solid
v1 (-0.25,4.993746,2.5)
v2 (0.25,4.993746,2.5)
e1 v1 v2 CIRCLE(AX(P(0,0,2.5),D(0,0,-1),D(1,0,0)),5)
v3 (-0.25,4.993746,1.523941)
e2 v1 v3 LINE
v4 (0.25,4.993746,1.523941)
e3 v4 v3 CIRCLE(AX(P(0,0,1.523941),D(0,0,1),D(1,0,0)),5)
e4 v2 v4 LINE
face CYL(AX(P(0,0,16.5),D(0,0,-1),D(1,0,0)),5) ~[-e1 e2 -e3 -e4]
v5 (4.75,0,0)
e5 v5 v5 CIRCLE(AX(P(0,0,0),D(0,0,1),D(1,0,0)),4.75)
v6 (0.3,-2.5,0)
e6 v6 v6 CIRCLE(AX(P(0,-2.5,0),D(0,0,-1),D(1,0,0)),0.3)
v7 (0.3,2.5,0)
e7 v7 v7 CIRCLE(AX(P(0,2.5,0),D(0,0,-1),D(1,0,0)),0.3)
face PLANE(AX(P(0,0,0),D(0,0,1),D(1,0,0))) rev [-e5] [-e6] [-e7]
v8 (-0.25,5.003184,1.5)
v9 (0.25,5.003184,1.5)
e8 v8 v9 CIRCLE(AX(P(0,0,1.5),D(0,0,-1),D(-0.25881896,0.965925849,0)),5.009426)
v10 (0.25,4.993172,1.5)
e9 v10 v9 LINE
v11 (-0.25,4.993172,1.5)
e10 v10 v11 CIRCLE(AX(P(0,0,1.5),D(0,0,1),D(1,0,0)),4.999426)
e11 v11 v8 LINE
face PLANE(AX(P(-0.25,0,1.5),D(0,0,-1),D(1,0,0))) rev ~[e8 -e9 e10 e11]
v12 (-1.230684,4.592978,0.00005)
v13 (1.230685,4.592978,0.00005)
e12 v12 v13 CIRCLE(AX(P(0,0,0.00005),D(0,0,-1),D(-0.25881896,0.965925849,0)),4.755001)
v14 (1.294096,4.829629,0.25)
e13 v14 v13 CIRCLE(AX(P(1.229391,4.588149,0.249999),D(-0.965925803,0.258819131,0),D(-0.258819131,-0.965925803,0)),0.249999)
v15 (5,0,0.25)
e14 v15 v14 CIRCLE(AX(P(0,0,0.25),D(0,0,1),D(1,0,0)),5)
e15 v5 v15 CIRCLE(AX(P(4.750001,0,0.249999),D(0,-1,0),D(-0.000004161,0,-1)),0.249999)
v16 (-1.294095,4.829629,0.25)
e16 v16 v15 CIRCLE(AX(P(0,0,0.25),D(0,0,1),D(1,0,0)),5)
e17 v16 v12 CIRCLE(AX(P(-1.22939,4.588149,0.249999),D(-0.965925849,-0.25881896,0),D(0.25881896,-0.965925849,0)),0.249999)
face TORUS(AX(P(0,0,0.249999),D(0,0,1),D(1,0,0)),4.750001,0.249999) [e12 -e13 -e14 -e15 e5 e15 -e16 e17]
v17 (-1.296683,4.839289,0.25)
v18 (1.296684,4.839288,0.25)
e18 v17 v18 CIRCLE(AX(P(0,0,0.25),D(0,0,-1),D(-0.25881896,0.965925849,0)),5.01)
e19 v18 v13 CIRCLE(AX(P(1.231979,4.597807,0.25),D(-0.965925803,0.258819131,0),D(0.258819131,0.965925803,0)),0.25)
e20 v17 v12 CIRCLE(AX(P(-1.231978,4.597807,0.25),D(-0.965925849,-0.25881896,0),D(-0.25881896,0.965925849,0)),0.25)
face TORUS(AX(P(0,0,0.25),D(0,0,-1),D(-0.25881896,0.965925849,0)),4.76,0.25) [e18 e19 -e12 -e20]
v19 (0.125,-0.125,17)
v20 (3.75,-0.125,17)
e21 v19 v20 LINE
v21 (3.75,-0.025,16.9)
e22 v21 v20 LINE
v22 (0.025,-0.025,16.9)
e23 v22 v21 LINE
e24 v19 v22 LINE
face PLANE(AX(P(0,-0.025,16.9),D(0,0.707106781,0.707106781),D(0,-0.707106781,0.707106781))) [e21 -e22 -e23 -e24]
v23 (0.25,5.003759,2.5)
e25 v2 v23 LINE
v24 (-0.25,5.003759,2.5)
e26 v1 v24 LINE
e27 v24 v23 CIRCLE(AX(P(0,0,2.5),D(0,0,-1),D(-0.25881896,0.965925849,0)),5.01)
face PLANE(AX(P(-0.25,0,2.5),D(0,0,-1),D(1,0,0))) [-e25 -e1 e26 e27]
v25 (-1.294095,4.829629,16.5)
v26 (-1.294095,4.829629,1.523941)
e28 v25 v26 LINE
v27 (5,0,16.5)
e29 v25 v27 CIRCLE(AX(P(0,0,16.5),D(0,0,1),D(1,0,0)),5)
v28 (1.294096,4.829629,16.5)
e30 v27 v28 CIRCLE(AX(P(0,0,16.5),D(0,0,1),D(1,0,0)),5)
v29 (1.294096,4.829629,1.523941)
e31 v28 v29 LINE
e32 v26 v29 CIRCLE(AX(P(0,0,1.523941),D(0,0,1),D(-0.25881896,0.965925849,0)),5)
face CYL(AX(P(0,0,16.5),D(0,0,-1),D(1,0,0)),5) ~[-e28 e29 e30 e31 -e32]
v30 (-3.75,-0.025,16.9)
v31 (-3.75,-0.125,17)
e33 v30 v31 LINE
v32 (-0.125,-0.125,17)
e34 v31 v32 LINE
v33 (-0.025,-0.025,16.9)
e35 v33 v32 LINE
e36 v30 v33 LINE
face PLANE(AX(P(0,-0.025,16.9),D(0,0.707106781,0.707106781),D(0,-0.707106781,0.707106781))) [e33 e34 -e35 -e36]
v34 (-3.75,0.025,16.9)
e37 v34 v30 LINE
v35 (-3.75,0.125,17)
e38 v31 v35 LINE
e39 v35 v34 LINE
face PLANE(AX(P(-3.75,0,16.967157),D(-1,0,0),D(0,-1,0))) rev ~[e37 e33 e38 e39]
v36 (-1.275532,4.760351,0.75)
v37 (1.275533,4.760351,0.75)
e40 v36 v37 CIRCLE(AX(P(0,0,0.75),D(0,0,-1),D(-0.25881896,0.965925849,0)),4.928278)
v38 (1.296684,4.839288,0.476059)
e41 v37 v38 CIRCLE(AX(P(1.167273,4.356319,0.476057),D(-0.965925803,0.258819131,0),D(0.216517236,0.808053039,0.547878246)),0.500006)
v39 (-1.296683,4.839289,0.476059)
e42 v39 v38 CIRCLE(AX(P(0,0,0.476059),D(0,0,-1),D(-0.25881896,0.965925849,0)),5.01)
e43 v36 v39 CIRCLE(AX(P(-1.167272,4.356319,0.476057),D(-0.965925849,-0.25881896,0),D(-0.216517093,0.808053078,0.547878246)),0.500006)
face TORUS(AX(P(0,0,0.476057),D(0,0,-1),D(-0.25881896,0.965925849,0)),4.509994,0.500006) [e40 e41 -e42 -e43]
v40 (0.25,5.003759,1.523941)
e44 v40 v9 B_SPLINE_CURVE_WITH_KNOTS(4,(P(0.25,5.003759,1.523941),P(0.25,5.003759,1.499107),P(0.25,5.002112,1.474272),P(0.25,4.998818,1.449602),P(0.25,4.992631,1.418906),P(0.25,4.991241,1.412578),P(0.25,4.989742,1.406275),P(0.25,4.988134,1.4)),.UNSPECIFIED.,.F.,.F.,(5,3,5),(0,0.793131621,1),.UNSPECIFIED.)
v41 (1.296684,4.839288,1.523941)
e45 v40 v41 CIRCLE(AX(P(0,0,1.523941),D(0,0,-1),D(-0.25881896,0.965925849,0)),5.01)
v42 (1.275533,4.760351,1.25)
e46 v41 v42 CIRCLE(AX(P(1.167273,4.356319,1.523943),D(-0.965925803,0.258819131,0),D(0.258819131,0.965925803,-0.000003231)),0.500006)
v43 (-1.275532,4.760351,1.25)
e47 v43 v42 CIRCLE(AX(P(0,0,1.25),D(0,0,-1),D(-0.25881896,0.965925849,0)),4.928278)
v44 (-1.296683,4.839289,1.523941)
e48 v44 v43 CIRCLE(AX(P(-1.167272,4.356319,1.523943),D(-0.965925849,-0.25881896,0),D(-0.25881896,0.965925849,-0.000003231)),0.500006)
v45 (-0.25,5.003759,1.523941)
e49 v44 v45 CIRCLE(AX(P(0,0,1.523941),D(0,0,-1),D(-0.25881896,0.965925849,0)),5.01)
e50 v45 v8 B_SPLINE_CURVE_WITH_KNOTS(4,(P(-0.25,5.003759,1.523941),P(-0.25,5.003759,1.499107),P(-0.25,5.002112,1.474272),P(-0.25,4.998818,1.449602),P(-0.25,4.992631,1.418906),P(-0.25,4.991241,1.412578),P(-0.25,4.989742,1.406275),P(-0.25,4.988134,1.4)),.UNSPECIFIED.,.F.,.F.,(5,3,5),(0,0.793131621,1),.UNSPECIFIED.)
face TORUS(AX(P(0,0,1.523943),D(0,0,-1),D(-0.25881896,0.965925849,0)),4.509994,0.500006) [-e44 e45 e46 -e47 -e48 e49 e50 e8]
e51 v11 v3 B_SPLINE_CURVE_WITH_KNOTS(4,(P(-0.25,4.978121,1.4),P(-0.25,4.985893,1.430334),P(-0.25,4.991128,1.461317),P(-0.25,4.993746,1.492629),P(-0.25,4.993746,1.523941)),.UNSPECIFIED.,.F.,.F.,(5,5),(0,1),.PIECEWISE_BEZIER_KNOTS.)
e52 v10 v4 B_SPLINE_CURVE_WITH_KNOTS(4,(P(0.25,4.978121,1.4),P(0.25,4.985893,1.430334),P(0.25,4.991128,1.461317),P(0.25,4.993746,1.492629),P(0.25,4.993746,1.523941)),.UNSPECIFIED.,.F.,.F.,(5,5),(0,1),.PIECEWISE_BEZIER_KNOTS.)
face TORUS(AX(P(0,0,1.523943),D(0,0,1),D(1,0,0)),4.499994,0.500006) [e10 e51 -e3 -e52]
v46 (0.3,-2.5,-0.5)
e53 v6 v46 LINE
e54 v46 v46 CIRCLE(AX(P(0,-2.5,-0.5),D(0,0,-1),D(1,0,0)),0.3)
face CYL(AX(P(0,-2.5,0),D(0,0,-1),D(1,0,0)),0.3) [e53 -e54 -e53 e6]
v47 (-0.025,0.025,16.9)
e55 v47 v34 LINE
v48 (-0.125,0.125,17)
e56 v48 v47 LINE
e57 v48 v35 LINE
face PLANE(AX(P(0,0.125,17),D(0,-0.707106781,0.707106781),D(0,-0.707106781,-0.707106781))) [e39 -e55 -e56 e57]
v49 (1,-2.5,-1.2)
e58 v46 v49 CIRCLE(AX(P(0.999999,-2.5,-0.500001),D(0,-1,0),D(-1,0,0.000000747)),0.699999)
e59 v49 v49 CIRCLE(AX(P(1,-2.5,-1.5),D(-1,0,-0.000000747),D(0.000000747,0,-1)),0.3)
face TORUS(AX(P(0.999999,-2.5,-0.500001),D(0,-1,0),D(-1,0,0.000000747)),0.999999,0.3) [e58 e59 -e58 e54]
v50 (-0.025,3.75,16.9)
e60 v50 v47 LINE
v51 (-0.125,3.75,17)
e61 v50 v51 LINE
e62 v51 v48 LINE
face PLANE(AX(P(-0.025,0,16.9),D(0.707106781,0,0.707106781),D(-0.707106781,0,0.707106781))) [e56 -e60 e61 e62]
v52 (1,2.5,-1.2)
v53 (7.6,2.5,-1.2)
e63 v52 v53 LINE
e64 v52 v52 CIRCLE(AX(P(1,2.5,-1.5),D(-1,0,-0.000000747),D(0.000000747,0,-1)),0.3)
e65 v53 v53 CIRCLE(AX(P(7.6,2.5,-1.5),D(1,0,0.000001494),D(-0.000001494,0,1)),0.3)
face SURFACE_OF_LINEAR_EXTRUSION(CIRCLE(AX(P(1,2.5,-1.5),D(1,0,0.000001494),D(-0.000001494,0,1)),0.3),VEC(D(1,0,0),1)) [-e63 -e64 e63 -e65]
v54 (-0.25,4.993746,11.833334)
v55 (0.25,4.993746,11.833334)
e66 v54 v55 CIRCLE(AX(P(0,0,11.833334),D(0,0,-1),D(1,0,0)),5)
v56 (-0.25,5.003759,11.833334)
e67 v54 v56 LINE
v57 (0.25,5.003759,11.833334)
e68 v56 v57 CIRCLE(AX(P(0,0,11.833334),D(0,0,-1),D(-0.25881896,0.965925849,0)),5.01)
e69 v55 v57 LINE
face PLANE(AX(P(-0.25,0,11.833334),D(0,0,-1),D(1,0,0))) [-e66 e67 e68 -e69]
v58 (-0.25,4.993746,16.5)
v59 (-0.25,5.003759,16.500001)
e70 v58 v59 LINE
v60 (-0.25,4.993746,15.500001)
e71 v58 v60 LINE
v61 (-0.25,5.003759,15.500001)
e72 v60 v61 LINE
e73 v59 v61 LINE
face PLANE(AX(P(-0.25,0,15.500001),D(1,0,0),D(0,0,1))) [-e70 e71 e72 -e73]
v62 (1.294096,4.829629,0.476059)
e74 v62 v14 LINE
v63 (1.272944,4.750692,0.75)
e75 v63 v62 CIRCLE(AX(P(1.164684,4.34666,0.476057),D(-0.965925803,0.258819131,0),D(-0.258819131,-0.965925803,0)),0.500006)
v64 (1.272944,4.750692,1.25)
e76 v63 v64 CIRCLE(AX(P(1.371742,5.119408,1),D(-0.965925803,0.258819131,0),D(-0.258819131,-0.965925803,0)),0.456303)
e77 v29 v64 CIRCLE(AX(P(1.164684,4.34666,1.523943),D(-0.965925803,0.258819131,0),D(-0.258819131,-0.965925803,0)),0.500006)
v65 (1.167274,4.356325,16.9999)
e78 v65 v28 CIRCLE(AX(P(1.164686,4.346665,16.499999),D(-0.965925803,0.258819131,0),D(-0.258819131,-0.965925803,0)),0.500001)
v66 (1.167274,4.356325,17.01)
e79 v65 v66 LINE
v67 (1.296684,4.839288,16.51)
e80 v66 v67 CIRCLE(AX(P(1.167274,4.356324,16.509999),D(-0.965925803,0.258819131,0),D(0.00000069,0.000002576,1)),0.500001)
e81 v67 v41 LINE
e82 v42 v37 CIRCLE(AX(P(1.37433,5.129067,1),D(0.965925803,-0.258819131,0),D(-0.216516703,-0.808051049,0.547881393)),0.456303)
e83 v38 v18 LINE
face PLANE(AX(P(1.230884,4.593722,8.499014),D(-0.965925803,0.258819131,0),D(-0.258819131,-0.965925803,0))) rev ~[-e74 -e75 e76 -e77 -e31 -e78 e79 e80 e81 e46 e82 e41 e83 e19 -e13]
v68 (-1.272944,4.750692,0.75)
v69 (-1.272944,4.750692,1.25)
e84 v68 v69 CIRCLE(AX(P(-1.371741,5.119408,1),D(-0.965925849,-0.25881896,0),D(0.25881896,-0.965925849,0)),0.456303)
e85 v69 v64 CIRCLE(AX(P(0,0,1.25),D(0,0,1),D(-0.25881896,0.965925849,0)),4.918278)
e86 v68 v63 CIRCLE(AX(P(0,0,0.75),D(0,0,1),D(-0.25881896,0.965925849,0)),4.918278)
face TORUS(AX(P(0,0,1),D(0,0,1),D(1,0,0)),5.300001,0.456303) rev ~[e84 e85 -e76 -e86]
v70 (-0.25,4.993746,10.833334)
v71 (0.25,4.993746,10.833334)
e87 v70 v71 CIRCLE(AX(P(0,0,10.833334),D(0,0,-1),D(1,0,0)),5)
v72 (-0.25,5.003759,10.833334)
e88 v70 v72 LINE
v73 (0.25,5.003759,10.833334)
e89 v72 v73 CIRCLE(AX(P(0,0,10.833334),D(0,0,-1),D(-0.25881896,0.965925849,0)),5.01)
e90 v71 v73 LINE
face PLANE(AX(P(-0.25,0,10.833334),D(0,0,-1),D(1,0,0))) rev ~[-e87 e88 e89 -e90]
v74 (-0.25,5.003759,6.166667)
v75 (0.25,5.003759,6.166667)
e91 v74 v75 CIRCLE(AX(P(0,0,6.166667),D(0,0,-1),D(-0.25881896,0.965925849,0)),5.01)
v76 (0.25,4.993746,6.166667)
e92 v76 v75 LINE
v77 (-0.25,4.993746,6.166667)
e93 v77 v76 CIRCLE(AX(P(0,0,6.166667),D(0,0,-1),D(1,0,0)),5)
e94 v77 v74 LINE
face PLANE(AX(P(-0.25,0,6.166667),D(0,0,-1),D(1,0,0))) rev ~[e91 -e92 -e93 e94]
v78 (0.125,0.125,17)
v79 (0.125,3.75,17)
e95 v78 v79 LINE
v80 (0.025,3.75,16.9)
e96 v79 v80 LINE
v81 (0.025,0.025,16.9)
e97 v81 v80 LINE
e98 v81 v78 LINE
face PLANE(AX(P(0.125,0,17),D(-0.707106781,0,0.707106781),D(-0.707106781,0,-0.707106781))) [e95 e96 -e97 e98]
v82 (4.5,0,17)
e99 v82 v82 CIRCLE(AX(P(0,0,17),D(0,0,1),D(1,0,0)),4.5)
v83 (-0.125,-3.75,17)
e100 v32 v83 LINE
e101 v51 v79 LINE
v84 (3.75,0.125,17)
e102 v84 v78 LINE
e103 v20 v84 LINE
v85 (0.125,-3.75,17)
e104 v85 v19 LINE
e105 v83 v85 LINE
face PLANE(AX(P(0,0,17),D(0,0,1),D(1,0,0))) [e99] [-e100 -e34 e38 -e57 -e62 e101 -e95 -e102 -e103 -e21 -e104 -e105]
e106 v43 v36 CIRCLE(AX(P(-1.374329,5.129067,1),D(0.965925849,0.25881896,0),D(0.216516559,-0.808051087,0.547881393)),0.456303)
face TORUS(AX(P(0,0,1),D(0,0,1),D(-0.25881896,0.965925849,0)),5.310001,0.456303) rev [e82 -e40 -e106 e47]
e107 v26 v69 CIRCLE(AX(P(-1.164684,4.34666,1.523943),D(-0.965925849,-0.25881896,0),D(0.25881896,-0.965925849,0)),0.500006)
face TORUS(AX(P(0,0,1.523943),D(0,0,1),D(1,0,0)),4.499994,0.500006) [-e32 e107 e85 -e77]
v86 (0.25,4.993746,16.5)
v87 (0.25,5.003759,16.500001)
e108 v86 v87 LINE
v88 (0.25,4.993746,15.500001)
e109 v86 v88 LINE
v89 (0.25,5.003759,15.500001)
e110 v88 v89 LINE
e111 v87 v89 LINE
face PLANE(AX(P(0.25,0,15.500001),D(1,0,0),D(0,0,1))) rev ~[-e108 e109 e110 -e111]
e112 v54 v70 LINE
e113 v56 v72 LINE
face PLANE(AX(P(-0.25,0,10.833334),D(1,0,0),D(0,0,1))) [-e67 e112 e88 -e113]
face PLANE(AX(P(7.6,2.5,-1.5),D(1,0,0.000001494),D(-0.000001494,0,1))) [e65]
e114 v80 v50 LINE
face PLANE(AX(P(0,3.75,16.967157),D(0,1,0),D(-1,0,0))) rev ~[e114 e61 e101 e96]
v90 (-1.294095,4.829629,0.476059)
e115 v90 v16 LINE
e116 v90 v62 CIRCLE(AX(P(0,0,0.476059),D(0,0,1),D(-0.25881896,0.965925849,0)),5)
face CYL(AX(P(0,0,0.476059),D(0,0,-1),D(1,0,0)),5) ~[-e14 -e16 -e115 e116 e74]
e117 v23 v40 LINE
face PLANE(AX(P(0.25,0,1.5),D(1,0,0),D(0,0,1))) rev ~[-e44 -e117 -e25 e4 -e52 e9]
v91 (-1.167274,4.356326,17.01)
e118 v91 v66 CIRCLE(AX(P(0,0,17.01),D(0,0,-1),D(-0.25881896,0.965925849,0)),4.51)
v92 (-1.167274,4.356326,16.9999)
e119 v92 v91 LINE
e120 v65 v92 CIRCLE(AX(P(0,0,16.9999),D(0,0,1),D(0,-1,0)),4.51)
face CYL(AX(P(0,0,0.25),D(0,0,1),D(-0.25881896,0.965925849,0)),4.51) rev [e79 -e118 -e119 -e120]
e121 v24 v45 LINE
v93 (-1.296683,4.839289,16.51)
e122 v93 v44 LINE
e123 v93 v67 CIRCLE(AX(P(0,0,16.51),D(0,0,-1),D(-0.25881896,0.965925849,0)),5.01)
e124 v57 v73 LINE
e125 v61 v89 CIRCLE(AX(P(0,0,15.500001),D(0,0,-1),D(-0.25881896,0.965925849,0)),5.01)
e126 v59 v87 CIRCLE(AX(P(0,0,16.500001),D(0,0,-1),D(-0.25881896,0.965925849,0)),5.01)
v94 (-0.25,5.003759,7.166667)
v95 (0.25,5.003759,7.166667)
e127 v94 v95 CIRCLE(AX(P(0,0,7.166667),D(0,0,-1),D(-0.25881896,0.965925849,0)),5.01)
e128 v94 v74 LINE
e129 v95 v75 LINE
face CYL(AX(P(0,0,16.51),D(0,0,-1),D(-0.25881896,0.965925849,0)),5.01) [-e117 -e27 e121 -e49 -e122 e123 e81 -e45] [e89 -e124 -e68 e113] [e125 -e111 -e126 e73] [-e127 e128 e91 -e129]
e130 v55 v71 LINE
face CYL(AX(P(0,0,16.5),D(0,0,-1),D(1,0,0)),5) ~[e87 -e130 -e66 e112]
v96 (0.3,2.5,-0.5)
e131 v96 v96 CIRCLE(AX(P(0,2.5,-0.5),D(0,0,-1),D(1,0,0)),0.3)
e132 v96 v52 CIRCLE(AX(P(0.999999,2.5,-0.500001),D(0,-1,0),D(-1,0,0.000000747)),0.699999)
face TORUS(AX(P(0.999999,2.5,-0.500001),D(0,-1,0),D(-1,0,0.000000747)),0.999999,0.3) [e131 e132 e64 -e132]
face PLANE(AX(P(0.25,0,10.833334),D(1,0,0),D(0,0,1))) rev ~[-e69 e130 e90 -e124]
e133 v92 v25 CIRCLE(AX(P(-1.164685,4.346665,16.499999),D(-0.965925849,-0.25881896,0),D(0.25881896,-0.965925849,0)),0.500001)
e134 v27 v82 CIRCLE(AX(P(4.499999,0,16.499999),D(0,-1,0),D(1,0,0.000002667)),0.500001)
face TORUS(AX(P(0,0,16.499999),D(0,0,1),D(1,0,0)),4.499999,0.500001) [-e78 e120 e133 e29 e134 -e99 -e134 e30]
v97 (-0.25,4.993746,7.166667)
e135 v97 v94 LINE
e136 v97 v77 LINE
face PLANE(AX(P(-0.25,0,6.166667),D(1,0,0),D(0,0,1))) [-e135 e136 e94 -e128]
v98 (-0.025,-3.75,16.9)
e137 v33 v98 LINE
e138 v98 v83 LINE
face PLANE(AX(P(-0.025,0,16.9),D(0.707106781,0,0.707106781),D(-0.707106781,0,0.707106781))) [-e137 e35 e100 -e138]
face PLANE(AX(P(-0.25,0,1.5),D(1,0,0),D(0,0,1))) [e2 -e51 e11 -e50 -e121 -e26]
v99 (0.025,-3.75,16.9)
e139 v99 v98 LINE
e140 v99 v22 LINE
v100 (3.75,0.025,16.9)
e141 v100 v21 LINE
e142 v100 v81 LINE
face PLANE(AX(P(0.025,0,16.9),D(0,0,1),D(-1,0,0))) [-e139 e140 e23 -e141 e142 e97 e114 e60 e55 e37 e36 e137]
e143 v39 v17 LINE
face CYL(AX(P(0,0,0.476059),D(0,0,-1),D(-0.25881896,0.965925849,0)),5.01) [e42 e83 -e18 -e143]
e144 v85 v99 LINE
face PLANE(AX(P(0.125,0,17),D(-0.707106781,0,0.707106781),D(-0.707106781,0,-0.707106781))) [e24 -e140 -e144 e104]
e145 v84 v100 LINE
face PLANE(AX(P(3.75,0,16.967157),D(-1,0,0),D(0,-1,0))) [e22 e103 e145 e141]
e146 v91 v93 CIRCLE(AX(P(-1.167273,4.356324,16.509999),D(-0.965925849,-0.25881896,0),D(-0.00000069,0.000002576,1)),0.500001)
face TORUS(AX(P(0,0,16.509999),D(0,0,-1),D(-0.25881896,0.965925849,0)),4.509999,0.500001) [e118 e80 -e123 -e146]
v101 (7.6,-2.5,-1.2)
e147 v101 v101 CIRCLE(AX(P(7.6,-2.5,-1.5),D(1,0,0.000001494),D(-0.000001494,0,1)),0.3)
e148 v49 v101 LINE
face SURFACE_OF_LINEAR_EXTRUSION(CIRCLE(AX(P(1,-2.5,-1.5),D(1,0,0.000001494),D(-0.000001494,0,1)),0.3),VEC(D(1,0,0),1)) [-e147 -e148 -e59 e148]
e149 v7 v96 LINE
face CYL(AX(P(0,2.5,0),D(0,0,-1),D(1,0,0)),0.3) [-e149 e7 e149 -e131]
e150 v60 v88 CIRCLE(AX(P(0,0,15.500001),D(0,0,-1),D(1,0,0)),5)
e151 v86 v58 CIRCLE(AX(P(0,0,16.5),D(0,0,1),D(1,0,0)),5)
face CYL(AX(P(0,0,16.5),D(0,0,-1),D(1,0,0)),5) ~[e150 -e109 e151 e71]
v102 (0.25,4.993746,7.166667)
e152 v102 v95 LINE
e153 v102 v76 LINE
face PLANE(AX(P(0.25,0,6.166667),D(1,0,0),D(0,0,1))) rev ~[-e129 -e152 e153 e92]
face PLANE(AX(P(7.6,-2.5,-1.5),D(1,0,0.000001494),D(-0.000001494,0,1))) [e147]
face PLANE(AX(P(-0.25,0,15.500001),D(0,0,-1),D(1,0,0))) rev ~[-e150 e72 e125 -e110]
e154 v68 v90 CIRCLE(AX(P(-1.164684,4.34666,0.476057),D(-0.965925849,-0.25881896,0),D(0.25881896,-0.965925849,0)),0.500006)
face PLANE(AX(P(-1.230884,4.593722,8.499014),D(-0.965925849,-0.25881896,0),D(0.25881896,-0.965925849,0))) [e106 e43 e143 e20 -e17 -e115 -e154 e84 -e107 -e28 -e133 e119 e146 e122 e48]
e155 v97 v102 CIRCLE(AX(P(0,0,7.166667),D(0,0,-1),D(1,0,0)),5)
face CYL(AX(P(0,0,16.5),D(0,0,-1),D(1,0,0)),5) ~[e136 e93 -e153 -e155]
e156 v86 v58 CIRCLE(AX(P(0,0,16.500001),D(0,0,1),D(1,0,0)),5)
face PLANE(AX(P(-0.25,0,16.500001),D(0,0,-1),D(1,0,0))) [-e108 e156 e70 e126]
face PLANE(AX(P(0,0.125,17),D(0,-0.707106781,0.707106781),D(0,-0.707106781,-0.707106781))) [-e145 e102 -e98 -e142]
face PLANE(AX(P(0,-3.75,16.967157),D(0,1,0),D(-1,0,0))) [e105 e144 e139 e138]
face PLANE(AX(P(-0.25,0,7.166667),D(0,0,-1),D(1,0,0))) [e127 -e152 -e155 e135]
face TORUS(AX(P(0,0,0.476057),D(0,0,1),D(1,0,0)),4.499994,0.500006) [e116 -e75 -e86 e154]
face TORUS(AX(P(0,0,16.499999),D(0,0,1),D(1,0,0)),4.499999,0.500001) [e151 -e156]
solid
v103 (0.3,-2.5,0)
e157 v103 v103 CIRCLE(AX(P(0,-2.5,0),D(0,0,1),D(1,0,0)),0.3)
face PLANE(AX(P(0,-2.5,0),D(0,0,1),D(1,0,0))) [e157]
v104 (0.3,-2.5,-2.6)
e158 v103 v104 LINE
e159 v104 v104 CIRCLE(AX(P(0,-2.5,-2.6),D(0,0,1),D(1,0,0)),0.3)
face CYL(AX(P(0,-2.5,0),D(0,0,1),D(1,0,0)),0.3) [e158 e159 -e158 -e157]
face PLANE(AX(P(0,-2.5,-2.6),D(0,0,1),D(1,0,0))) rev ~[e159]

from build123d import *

# Parameters (mm, degrees)
SKETCH010_R         = 0.3
PAD002_DEPTH        = 2.6
REVOLUTION001_ANGLE = -30
SKETCH015_W         = 0.5
SKETCH015_H         = 1
POCKET002_DEPTH     = 5.011
LINEARPATTERN_COUNT = 4
LINEARPATTERN_PITCH = 4.666667
SKETCH012_R         = 4.5
POCKET_DEPTH        = 0.5
SKETCH003_R         = 0.3
SKETCH013_R         = 4.5
PAD_DEPTH           = 0.5
POCKET001_DEPTH     = 3.75
POLARPATTERN_COUNT  = 3
POLARPATTERN_ANGLE  = 180


with BuildPart() as leadstraightclone:
    # Sketch010 → Pad002 (new body)
    with BuildSketch(Plane(origin=(0, 2.5, 0), x_dir=(1, 0, 0), z_dir=(0, 0, 1))):
        Circle(SKETCH010_R)
    extrude(amount=-PAD002_DEPTH)


with BuildPart() as leadstraightclone_1:
    # Body007 placement: moved
    add(leadstraightclone.part.moved(Location((0, -5, 0))))


with BuildPart() as polaritymarking:
    # Sketch005 → Revolution001 (revolve)
    with BuildSketch(Plane(origin=(0, 0, 0), x_dir=(-0.258819, 0.965926, 0), z_dir=(0.965926, 0.258819, 0))):
        with BuildLine():
            Line((4.51, 0.25), (4.51, 17.01))
            ThreePointArc((4.51, 17.01), (4.863553, 16.863553), (5.01, 16.51))
            Line((5.01, 16.51), (5.01, 1.523941))
            ThreePointArc((5.01, 1.523941), (4.989134, 1.381006), (4.928278, 1.25))
            ThreePointArc((4.928278, 1.25), (4.853698, 1), (4.928278, 0.75))
            ThreePointArc((4.928278, 0.75), (4.989134, 0.618994), (5.01, 0.476059))
            Line((5.01, 0.476059), (5.01, 0.25))
            ThreePointArc((5.01, 0.25), (4.76, 0), (4.51, 0.25))
        make_face()
    revolve(axis=Axis((0, 0, 0), (0, 0, 1)), revolution_arc=REVOLUTION001_ANGLE)

    # Sketch015 → Pocket002 (cut, through all)
    with BuildSketch(Plane.XZ):
        with Locations((0, 2)):
            Rectangle(SKETCH015_W, SKETCH015_H)
    pocket002 = extrude(amount=-POCKET002_DEPTH, mode=Mode.SUBTRACT)

    # LinearPattern: Pocket002 ×4
    with Locations(*[(0, 0, i * LINEARPATTERN_PITCH) for i in range(1, LINEARPATTERN_COUNT)]):
        add(pocket002, mode=Mode.SUBTRACT)


with BuildPart() as housing:
    # Sketch → Revolution (revolve)
    with BuildSketch(Plane.XZ):
        with BuildLine():
            Line((0, 17), (4.5, 17))
            ThreePointArc((5, 16.5), (4.853553, 16.853553), (4.5, 17))
            Line((5, 16.5), (5, 1.523941))
            ThreePointArc((4.918278, 1.25), (4.979134, 1.381006), (5, 1.523941))
            ThreePointArc((4.918278, 1.25), (4.843698, 1), (4.918278, 0.75))
            ThreePointArc((5, 0.476059), (4.979134, 0.618994), (4.918278, 0.75))
            Line((5, 0.476059), (5, 0.25))
            ThreePointArc((4.75, 0), (4.926777, 0.073223), (5, 0.25))
            Line((0, 0), (4.75, 0))
            Line((0, 17), (0, 0))
        make_face()
    revolve(axis=Axis((0, 0, 0), (0, 0, 1)))

    # Sketch012 → Pocket (cut)
    with BuildSketch(Plane.XY.offset(17)):
        Circle(SKETCH012_R)
    extrude(amount=-POCKET_DEPTH, mode=Mode.SUBTRACT)


with BuildPart() as leadangled:
    # AdditivePipe: sweep along a path in Sketch004
    with BuildLine(Plane.XZ) as additivepipe_path:
        Line((0, 0), (0, -0.5))
        ThreePointArc((0, -0.5), (0.292893, -1.207107), (1, -1.5))
        Line((1, -1.5), (7.6, -1.5))
    # Sketch003 (on ShapeBinder) → AdditivePipe (sweep)
    with BuildSketch(Plane(origin=(0, 0, 0), x_dir=(1, 0, 0), z_dir=(0, 0, -1))):
        with Locations((0, 2.5)):
            Circle(SKETCH003_R)
    sweep(path=additivepipe_path.line)


with BuildPart() as leadangledclone:
    # Body003 base: copy of LeadAngled
    add(leadangled.part)


with BuildPart() as leadangledclone_1:
    # Body003 placement: moved
    add(leadangledclone.part.moved(Location((0, 5, 0))))


with BuildPart() as fusion:
    # Sketch013 (on ShapeBinder) → Pad (new body)
    with BuildSketch(Plane.XY.offset(16.5)):
        Circle(SKETCH013_R)
    extrude(amount=PAD_DEPTH)

    # Sketch014 → Pocket001 (cut, symmetric)
    with BuildSketch(Plane.XZ):
        Polygon((-0.125, 17), (0.125, 17), (0.025, 16.9), (-0.025, 16.9), align=None)
    pocket001 = extrude(amount=POCKET001_DEPTH, both=True, mode=Mode.SUBTRACT)

    # PolarPattern: Pocket001 ×3 about axis
    polarpattern_axis = Axis((0, 0, 0), (0, 0, 1))
    for i in range(1, POLARPATTERN_COUNT):
        add(pocket001.rotate(polarpattern_axis, i * POLARPATTERN_ANGLE / (POLARPATTERN_COUNT - 1)), mode=Mode.SUBTRACT)

    # Fusion: union PolarityMarking, Housing, LeadAngledClone, LeadAngled
    add(polaritymarking.part)
    add(housing.part)
    add(leadangledclone_1.part)
    add(leadangled.part)


solid = Compound([leadstraightclone_1.part, fusion.part])
